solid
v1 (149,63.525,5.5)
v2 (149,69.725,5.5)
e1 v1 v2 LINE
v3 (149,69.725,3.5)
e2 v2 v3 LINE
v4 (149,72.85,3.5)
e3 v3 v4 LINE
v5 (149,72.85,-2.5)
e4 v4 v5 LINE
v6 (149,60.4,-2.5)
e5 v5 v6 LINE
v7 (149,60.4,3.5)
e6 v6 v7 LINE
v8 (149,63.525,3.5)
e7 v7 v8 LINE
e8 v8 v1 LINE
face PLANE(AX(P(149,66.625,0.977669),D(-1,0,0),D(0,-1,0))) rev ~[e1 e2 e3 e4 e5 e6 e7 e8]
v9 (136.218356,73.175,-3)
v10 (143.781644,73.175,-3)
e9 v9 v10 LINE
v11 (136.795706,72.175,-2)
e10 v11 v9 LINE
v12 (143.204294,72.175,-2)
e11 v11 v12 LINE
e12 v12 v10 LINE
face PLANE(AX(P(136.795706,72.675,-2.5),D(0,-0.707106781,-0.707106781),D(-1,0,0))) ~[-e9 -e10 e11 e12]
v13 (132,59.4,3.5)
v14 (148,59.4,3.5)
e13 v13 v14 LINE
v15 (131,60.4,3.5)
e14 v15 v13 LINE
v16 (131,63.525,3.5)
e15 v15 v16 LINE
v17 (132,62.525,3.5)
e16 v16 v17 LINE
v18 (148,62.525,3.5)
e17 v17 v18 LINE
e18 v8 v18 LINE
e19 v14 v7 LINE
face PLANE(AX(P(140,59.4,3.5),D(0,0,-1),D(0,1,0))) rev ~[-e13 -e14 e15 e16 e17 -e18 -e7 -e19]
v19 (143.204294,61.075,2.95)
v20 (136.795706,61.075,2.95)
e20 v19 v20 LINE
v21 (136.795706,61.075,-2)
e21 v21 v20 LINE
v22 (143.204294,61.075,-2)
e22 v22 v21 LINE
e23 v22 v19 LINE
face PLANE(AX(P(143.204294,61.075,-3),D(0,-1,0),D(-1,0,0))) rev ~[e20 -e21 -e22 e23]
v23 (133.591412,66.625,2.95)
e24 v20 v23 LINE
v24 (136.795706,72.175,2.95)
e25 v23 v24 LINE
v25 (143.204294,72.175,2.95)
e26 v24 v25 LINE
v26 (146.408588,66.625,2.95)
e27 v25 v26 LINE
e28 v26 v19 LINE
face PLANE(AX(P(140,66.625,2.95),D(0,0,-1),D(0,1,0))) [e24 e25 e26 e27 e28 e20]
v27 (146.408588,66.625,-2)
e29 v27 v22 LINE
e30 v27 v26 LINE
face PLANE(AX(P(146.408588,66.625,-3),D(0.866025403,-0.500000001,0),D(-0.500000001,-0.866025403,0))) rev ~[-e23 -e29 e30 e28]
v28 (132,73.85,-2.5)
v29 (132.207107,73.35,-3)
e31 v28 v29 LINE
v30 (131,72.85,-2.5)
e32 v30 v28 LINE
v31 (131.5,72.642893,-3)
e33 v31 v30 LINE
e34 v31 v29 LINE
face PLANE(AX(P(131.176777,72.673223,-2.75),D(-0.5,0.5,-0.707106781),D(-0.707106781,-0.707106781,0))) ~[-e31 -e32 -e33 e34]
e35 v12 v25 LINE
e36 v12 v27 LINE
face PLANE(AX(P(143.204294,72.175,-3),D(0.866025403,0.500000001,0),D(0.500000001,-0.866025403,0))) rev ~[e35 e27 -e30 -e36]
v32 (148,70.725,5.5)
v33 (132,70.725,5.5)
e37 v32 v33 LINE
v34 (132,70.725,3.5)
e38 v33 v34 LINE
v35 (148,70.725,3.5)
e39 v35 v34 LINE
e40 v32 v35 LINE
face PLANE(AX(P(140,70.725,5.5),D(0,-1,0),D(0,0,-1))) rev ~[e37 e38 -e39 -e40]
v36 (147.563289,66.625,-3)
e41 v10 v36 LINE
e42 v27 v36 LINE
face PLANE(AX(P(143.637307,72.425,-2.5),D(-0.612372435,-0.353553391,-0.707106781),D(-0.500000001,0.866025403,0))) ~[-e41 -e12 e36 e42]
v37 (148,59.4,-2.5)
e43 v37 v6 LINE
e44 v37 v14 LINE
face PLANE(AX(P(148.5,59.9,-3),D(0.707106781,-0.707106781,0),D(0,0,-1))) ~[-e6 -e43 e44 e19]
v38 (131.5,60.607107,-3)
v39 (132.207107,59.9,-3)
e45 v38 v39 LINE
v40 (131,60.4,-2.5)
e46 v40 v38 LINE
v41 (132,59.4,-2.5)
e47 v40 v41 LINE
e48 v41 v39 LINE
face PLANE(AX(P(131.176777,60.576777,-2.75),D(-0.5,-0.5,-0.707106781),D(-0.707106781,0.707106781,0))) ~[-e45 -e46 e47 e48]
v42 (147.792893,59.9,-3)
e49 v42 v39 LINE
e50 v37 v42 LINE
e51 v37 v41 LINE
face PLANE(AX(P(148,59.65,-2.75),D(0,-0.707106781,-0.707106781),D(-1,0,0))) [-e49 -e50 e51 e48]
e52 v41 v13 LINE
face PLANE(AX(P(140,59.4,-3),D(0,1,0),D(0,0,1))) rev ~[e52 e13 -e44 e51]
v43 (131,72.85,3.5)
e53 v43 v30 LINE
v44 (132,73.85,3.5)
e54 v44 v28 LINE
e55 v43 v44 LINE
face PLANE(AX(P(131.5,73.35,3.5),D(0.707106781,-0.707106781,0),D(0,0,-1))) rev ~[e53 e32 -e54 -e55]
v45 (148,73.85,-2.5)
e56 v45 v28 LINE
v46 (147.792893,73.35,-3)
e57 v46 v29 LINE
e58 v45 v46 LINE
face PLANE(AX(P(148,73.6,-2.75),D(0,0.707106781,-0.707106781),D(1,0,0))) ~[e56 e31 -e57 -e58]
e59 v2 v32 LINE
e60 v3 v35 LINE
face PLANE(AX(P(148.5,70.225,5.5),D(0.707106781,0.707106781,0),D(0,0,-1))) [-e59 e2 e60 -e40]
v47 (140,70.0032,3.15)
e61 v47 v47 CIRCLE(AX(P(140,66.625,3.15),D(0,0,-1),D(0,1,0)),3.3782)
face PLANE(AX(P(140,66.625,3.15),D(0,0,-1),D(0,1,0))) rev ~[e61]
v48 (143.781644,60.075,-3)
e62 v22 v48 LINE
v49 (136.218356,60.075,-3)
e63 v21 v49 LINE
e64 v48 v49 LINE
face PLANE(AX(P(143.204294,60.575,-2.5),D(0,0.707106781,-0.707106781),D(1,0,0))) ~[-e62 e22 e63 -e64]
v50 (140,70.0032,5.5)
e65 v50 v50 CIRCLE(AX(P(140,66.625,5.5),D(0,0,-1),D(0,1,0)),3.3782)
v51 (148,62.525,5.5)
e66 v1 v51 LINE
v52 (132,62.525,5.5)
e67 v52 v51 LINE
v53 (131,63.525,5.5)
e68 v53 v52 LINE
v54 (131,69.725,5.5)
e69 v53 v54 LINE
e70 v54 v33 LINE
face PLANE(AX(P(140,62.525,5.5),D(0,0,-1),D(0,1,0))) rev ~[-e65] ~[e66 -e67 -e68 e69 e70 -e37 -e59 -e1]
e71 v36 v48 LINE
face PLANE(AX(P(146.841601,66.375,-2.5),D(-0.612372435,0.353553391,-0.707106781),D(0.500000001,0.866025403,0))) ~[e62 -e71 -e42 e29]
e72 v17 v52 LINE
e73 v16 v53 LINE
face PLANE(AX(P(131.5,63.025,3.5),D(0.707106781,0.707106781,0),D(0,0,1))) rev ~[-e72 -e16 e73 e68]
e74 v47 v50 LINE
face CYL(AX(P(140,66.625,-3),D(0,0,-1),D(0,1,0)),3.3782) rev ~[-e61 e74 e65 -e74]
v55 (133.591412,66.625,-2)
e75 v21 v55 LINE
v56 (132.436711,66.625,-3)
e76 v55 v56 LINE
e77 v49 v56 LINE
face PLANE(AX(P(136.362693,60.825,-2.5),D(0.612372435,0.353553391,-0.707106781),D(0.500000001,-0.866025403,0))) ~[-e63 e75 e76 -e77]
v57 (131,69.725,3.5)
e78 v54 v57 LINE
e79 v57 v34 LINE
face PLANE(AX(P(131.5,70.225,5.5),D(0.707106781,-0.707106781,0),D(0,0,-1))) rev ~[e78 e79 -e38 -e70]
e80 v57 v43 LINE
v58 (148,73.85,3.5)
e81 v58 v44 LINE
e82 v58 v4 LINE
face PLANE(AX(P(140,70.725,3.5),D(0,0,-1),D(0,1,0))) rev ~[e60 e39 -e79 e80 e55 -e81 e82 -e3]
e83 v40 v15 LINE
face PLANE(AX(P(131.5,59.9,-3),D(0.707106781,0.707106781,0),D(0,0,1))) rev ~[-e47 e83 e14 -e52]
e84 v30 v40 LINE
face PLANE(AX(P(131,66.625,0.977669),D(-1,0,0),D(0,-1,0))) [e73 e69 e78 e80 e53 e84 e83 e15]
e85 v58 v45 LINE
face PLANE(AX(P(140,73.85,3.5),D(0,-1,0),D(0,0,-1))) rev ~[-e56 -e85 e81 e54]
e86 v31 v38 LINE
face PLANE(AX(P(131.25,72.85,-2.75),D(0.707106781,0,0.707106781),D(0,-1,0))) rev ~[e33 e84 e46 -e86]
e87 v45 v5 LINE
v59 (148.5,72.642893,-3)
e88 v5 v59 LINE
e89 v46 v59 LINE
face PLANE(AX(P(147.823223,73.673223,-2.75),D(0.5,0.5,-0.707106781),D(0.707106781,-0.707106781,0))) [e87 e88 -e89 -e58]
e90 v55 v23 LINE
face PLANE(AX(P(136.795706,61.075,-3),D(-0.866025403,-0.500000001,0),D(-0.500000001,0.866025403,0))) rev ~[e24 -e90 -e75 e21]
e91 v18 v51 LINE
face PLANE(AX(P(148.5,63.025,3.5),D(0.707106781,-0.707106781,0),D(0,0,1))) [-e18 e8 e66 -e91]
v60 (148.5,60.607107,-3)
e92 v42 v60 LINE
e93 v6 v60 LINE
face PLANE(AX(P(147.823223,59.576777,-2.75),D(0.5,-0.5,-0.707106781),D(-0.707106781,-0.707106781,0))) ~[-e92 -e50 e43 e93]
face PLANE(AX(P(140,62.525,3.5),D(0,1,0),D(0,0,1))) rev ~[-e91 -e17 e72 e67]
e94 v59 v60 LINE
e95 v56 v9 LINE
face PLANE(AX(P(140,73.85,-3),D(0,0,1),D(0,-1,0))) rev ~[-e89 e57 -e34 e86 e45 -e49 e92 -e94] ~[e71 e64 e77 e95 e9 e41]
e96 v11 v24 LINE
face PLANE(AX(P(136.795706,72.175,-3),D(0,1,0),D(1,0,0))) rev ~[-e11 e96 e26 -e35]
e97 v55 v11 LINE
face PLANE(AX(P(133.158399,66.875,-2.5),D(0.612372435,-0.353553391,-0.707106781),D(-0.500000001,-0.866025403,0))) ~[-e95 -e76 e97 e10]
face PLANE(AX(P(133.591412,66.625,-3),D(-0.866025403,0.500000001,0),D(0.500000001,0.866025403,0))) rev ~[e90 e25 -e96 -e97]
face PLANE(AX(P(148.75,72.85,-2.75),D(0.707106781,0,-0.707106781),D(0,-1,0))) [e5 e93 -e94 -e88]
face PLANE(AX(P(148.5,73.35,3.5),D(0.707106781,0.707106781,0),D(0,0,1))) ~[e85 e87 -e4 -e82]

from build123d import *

# Parameters (mm, degrees)
PAD002_DEPTH    = 9
SKETCH009_R     = 3.3782
POCKET004_DEPTH = 8.501
POCKET005_DEPTH = 5.95
SKETCH011_R     = 3.3782
PAD003_DEPTH    = 0.2
CHAMFER_SIZE    = 1
CHAMFER001_SIZE = 1
CHAMFER002_SIZE = 1
CHAMFER003_SIZE = 0.5


with BuildPart() as part:
    # Sketch008 (on DatumPlane) → Pad002 (new body, symmetric)
    with BuildSketch(Plane.YZ.offset(140)):
        Polygon((62.525, 5.5), (70.725, 5.5), (70.725, 3.5), (73.85, 3.5), (73.85, -3), (59.4, -3), (59.4, 3.5), (62.525, 3.5), align=None)
    extrude(amount=PAD002_DEPTH, both=True)

    # Sketch009 (on Face5 of Pad002) → Pocket004 (cut, through all)
    with BuildSketch(Plane(origin=(140, 0, -3), x_dir=(0, 1, 0), z_dir=(0, 0, -1))):
        with Locations((66.625, 0)):
            Circle(SKETCH009_R)
    extrude(amount=-POCKET004_DEPTH, mode=Mode.SUBTRACT)

    # Sketch010 (on Face10 of Pocket004) → Pocket005 (cut)
    with BuildSketch(Plane(origin=(140, 0, -3), x_dir=(0, 1, 0), z_dir=(0, 0, -1))):
        Polygon((72.175, 3.204294), (66.625, 6.408588), (61.075, 3.204294), (61.075, -3.204294), (66.625, -6.408588), (72.175, -3.204294), align=None)
    extrude(amount=-POCKET005_DEPTH, mode=Mode.SUBTRACT)

    # Sketch011 (on Face12 of Pocket005) → Pad003 (join)
    with BuildSketch(Plane(origin=(140, 0, 2.95), x_dir=(0, 1, 0), z_dir=(0, 0, -1))):
        with Locations((66.625, 0)):
            Circle(SKETCH011_R)
    extrude(amount=-PAD003_DEPTH)

    # Chamfer
    chamfer_edges = [part.edges().sort_by_distance(p)[0] for p in [
        (144.806441, 69.4, -3),
        (144.806441, 63.85, -3),
        (140, 61.075, -3),
        (135.193559, 63.85, -3),
        (135.193559, 69.4, -3),
        (140, 72.175, -3),
    ]]
    chamfer(chamfer_edges, length=CHAMFER_SIZE)

    # Chamfer001
    chamfer001_edges = [part.edges().sort_by_distance(p)[0] for p in [
        (149, 59.4, 0.25),
        (149, 73.85, 0.25),
        (131, 73.85, 0.25),
        (131, 59.4, 0.25),
    ]]
    chamfer(chamfer001_edges, length=CHAMFER001_SIZE)

    # Chamfer002
    chamfer002_edges = [part.edges().sort_by_distance(p)[0] for p in [
        (131, 62.525, 4.5),
        (131, 70.725, 4.5),
        (149, 62.525, 4.5),
        (149, 70.725, 4.5),
    ]]
    chamfer(chamfer002_edges, length=CHAMFER002_SIZE)

    # Chamfer003
    chamfer003_edges = [part.edges().sort_by_distance(p)[0] for p in [
        (140, 59.4, -3),
        (148.5, 59.9, -3),
        (149, 66.625, -3),
        (148.5, 73.35, -3),
        (140, 73.85, -3),
        (131.5, 73.35, -3),
        (131, 66.625, -3),
        (131.5, 59.9, -3),
    ]]
    chamfer(chamfer003_edges, length=CHAMFER003_SIZE)


solid = part.part
